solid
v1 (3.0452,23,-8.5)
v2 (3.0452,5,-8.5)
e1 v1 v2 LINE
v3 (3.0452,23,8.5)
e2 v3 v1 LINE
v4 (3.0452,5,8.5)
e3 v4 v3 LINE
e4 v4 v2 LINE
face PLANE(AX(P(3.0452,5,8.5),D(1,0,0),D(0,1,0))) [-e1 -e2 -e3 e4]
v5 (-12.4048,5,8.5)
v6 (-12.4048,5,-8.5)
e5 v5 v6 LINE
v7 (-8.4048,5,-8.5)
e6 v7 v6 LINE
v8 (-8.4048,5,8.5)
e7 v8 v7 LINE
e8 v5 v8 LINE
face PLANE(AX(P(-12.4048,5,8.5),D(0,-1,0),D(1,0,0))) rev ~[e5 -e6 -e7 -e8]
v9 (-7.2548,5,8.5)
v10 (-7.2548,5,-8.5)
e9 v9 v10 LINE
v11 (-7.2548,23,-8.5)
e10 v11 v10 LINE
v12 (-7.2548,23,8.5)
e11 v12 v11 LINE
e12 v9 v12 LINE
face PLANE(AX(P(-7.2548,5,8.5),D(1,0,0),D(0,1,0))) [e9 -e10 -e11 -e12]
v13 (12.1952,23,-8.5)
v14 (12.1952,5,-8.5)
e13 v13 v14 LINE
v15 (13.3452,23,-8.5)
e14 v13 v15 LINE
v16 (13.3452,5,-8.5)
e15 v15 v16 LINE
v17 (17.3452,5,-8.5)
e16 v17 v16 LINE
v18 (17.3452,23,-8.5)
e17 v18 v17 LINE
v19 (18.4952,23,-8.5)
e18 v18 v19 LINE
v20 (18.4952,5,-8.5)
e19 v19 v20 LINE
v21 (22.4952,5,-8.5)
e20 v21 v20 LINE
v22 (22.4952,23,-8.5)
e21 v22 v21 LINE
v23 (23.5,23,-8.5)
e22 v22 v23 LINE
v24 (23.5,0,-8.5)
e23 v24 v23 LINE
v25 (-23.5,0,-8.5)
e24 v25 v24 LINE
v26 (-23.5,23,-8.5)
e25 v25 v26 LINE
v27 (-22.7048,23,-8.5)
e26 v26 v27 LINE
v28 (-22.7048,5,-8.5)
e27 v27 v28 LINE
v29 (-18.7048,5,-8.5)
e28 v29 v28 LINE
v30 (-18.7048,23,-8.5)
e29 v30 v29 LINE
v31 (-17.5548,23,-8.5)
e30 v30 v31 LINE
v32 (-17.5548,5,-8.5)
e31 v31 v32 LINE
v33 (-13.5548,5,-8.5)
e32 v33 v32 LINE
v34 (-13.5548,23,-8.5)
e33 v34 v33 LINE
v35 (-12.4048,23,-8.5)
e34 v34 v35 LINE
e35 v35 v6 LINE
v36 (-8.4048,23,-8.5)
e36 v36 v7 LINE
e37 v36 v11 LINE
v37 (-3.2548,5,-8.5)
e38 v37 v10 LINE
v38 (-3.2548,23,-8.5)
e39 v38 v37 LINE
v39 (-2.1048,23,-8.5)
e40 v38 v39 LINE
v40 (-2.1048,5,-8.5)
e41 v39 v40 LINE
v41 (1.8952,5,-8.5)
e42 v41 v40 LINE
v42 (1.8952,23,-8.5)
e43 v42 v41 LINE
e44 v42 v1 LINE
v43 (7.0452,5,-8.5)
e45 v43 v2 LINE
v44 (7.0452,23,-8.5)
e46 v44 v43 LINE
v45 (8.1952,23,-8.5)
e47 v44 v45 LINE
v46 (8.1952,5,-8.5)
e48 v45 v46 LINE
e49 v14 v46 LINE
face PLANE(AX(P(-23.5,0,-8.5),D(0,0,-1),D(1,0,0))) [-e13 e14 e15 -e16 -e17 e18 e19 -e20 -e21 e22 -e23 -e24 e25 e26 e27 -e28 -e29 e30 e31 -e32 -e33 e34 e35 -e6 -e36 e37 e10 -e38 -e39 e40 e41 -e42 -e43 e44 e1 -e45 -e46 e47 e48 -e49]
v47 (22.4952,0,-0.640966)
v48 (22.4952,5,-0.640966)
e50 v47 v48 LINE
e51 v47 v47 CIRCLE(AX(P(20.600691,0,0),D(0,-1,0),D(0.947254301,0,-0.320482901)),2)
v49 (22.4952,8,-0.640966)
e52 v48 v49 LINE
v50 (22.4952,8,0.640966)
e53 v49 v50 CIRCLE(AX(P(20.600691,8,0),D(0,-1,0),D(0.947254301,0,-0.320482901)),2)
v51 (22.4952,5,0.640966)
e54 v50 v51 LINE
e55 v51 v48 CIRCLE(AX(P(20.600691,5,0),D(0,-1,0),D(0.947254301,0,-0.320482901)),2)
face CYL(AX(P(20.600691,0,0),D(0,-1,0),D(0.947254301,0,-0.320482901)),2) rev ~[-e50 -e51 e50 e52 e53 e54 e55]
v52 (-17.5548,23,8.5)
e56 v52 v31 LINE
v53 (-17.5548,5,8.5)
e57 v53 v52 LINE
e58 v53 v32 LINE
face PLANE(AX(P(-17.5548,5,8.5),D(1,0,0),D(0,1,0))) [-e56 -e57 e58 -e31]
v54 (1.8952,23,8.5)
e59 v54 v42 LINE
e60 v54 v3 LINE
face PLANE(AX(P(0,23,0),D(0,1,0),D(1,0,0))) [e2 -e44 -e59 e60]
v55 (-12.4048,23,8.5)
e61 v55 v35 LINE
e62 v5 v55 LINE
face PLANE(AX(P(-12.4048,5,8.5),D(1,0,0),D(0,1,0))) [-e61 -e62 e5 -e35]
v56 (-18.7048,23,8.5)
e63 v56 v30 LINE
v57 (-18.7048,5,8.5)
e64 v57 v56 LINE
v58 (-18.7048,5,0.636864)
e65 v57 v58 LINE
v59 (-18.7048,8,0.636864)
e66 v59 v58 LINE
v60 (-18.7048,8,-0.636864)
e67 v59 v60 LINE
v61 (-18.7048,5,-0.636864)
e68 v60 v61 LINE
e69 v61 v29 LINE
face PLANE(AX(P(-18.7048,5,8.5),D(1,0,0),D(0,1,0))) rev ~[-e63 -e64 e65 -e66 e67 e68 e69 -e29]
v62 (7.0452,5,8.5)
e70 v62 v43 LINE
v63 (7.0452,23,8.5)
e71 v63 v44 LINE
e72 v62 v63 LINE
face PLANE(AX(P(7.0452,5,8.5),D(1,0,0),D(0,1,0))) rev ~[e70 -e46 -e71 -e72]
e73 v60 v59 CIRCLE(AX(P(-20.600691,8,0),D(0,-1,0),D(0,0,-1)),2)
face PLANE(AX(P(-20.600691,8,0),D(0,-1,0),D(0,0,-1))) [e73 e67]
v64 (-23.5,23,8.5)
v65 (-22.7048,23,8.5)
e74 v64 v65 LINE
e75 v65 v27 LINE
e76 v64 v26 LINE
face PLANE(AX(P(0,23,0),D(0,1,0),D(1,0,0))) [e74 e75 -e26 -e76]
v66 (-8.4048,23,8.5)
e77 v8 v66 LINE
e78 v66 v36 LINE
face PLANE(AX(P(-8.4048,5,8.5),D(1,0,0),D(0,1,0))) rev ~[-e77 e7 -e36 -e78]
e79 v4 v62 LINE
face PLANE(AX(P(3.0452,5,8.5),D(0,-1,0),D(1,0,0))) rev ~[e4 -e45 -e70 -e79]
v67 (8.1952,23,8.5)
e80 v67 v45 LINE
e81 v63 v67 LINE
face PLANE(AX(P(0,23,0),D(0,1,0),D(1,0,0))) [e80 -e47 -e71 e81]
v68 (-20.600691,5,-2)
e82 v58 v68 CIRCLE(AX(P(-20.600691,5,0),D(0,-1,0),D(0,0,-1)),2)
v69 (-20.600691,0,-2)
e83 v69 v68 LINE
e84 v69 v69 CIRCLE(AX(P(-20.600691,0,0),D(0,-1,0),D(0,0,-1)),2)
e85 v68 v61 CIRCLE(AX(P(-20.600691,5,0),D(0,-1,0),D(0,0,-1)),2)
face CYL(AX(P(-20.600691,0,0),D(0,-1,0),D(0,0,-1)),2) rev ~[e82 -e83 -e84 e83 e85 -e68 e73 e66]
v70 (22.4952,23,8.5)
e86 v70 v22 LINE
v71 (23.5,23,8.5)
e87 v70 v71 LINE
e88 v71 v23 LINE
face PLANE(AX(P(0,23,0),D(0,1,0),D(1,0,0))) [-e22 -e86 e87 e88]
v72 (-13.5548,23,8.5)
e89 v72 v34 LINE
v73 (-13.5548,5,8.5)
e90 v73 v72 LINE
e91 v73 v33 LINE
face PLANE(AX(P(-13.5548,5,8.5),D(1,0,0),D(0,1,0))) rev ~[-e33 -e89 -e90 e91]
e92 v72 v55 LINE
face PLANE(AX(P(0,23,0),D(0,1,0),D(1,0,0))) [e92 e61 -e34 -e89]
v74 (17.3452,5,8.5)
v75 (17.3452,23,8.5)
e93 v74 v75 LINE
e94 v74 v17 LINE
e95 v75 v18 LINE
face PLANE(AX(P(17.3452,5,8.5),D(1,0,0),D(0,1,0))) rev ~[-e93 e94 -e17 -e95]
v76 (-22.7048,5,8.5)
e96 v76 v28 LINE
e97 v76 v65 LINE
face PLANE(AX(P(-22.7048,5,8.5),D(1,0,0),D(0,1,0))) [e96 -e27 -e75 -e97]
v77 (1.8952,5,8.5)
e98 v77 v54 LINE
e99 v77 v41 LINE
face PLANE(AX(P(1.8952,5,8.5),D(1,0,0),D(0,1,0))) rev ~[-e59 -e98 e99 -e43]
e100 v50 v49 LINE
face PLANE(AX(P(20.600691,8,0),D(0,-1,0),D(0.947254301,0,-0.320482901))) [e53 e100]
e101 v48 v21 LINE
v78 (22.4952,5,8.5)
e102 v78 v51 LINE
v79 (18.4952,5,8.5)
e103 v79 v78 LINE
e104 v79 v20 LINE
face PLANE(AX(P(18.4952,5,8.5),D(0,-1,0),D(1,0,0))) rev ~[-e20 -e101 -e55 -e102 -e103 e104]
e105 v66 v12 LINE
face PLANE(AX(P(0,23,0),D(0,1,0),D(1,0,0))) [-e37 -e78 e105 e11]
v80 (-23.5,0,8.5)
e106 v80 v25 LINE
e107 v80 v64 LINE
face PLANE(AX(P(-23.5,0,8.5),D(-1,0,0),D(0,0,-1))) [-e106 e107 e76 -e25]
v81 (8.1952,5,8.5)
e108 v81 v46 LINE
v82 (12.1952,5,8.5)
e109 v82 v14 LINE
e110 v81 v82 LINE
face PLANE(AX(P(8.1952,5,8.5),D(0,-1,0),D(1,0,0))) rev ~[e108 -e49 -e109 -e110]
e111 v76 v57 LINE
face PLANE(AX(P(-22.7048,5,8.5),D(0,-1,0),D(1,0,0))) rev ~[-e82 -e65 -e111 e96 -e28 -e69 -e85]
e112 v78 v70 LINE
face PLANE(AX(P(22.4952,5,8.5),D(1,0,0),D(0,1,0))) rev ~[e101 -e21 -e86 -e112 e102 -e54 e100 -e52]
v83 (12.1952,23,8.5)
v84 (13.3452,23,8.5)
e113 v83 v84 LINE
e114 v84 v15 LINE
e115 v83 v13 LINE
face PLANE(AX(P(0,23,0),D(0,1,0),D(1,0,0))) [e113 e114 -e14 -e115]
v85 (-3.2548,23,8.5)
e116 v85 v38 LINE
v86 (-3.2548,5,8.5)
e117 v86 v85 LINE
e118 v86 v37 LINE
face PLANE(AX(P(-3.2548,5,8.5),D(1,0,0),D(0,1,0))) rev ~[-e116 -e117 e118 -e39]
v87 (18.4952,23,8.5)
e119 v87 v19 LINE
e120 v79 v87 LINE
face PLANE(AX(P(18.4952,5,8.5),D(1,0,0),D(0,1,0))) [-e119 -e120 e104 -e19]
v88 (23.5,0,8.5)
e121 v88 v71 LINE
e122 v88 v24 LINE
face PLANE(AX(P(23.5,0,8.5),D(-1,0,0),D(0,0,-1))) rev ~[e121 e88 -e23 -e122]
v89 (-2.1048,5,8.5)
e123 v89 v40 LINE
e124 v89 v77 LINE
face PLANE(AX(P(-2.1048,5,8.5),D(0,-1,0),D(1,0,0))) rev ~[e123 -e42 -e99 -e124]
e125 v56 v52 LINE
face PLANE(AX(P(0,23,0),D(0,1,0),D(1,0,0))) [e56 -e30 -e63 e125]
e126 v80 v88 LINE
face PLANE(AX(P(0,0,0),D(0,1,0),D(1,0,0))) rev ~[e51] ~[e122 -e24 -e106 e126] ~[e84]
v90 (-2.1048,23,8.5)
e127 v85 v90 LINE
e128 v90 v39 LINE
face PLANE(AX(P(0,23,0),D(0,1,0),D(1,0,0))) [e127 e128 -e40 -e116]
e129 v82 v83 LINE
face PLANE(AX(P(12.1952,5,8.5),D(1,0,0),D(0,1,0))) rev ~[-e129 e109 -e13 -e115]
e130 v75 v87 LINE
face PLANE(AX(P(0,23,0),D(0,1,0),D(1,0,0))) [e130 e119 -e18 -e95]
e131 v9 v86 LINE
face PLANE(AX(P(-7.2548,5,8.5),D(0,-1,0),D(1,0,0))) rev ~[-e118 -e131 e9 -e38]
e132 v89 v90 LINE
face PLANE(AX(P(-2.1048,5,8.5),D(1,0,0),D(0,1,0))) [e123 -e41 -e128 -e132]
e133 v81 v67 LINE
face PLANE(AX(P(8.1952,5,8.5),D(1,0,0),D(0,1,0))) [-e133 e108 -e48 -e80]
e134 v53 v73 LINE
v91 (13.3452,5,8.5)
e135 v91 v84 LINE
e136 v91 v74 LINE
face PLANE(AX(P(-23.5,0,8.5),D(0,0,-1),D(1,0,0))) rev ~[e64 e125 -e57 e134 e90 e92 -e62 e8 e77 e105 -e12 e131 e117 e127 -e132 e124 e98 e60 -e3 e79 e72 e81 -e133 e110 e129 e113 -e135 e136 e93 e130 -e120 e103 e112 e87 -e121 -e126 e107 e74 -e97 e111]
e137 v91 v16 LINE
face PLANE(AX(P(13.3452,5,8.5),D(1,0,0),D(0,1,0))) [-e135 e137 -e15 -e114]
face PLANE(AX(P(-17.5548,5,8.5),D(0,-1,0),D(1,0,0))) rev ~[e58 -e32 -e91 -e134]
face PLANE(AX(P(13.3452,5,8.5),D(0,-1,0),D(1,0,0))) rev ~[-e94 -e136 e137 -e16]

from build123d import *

# Parameters (mm, degrees)
SKETCH1_W           = 47
SKETCH1_H           = 17
BOSS_EXTRUDE1_DEPTH = 23
SKETCH2_W           = 4
SKETCH2_H           = 18
CUT_EXTRUDE1_DEPTH  = 38.016888038
SKETCH3_R           = 2
CUT_EXTRUDE2_DEPTH  = 8


with BuildPart() as part:
    # Sketch1 → Boss-Extrude1 (new body)
    with BuildSketch(Plane(origin=(0, 0, 0), x_dir=(1, 0, 0), z_dir=(0, 1, 0))):
        Rectangle(SKETCH1_W, SKETCH1_H)
    extrude(amount=BOSS_EXTRUDE1_DEPTH)

    # Sketch2 → Cut-Extrude1 (cut, through all)
    with BuildSketch(Plane.XY.offset(8.5)):
        with Locations((-20.70480001, 14)):
            Rectangle(SKETCH2_W, SKETCH2_H)
        with Locations((-15.55480001, 14)):
            Rectangle(SKETCH2_W, SKETCH2_H)
        with Locations((-10.40480001, 14)):
            Rectangle(SKETCH2_W, SKETCH2_H)
        with Locations((-5.25480001, 14)):
            Rectangle(SKETCH2_W, SKETCH2_H)
        with Locations((-0.10480001, 14)):
            Rectangle(SKETCH2_W, SKETCH2_H)
        with Locations((5.04519999, 14)):
            Rectangle(SKETCH2_W, SKETCH2_H)
        with Locations((10.19519999, 14)):
            Rectangle(SKETCH2_W, SKETCH2_H)
        with Locations((15.34519999, 14)):
            Rectangle(SKETCH2_W, SKETCH2_H)
        with Locations((20.49519999, 14)):
            Rectangle(SKETCH2_W, SKETCH2_H)
    extrude(amount=-CUT_EXTRUDE1_DEPTH, mode=Mode.SUBTRACT)

    # Sketch3 → Cut-Extrude2 (cut)
    with BuildSketch(Plane.XZ):
        with Locations(Location((-20.600691388, 0, 0), (0, 0, 270))):
            Circle(SKETCH3_R)
        with Locations(Location((20.600691388, 0, 0), (0, 0, 341.307868808))):
            Circle(SKETCH3_R)
    extrude(amount=-CUT_EXTRUDE2_DEPTH, mode=Mode.SUBTRACT)


solid = part.part
